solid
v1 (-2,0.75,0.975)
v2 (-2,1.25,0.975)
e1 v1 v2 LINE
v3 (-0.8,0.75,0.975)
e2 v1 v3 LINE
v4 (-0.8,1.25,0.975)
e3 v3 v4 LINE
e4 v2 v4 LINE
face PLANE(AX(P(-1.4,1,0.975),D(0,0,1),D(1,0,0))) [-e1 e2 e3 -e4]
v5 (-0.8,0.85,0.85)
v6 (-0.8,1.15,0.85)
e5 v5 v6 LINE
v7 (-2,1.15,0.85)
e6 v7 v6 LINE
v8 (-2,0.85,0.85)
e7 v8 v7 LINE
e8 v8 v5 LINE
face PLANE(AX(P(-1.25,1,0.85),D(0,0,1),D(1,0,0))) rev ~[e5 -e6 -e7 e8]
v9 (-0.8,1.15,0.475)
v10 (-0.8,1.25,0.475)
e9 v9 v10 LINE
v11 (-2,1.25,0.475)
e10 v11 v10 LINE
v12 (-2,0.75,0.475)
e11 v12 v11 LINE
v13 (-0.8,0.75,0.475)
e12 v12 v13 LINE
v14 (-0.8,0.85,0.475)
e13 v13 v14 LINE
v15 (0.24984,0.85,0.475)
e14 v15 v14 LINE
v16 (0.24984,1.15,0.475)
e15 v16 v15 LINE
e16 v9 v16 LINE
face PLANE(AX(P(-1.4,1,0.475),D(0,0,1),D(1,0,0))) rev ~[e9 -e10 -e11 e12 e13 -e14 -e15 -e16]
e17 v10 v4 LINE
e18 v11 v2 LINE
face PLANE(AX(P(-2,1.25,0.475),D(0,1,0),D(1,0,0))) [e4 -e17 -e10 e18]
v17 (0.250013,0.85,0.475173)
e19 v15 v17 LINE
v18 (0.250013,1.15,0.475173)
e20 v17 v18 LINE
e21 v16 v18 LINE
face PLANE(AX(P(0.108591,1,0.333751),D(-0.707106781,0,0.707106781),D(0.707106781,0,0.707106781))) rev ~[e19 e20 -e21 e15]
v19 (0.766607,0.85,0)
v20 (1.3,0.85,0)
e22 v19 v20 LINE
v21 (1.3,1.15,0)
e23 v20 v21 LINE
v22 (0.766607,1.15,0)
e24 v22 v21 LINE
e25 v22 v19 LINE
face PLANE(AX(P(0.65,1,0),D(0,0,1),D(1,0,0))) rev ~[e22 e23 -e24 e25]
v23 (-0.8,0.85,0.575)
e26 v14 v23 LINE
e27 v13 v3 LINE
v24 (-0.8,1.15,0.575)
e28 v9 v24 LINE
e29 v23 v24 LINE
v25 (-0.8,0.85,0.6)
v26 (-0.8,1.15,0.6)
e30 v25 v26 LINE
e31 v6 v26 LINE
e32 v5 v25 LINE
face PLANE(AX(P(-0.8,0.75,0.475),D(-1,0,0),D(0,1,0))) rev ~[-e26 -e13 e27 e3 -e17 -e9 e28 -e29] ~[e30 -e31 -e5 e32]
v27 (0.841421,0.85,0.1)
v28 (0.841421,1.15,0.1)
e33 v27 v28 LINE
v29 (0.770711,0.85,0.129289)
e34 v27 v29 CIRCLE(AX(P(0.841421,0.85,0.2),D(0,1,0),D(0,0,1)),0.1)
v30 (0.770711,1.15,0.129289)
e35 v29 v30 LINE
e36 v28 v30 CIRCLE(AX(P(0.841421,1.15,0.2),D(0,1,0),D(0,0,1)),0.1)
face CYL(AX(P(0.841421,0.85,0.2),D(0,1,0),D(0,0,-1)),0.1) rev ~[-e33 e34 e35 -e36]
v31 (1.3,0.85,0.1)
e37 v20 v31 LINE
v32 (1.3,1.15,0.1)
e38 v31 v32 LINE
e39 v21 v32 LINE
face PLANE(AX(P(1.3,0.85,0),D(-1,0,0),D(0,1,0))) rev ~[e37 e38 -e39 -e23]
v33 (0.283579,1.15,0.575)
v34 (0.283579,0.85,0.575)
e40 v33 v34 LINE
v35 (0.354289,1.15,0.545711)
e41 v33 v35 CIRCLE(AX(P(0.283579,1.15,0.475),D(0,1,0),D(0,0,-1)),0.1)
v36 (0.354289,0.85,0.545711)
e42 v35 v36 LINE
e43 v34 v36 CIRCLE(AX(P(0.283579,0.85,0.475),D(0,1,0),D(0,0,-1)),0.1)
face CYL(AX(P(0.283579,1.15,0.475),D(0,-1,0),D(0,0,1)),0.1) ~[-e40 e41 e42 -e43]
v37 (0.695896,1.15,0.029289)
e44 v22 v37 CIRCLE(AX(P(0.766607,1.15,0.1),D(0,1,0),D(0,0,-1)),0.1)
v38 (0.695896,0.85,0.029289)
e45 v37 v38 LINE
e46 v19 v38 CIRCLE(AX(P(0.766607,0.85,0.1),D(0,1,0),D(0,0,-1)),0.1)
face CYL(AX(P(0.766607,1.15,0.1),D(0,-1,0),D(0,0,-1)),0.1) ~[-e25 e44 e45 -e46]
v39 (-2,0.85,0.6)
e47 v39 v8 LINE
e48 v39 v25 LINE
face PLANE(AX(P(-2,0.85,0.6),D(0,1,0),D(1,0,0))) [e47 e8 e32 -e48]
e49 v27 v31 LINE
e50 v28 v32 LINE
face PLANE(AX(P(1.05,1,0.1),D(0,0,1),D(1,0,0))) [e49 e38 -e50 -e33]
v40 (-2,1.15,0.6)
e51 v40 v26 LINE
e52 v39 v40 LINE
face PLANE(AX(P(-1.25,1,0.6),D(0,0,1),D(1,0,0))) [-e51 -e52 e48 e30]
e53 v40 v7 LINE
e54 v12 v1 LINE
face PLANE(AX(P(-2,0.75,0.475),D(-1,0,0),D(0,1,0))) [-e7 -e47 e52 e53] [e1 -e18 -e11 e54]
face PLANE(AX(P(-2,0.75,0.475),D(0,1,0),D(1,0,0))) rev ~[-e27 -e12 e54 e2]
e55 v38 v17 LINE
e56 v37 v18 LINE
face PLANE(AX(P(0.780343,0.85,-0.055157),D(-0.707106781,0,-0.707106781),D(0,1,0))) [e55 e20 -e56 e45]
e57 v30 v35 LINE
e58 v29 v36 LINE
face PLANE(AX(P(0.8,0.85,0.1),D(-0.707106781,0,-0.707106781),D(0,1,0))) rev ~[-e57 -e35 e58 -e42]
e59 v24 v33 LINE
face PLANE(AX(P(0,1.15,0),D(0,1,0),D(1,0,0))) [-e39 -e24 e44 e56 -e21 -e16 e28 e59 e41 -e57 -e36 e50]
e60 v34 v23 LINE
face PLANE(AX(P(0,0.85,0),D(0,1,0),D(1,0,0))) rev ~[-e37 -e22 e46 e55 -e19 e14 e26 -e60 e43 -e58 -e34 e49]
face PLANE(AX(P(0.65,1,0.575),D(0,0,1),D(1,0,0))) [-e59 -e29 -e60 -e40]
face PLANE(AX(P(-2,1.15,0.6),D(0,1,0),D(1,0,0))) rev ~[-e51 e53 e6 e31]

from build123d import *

# Parameters (mm, degrees)
BOX135_W     = 1.2
BOX135_H     = 0.5
BOX135_DEPTH = 0.5
BOX137_W     = 1.5
BOX137_H     = 0.3
BOX137_DEPTH = 0.1
BOX138_W     = 1.3
BOX138_H     = 0.3
BOX138_DEPTH = 0.575
BOX136_W     = 0.25
BOX136_H     = 0.3
BOX136_DEPTH = 0.475
BOX139_W     = 0.5
BOX139_H     = 0.3
BOX139_DEPTH = 0.5
BOX140_W     = 0.5
BOX140_H     = 0.3
BOX140_DEPTH = 0.75
BOX141_W     = 0.4
BOX141_H     = 0.3
BOX141_DEPTH = 0.75
FILLET020_R  = 0.1
FILLET021_R  = 0.1
BOX142_W     = 1.5
BOX142_H     = 0.3
BOX142_DEPTH = 0.25
FILLET029_R  = 0.1


with BuildPart() as part:
    # Box135 → Box135 (join)
    with BuildSketch(Plane(origin=(-2, 4.25, 0.475), x_dir=(1, 0, 0), z_dir=(0, 0, 1))):
        with Locations((0.6, 0.25)):
            Rectangle(BOX135_W, BOX135_H)
    extrude(amount=BOX135_DEPTH)

    # Box137 → Box137 (join)
    with BuildSketch(Plane(origin=(-0.8, 4.35, 0.475), x_dir=(1, 0, 0), z_dir=(0, 0, 1))):
        with Locations((0.75, 0.15)):
            Rectangle(BOX137_W, BOX137_H)
    extrude(amount=BOX137_DEPTH)

    # Box138 → Box138 (join)
    with BuildSketch(Plane(origin=(0, 4.35, 0), x_dir=(1, 0, 0), z_dir=(0, 0, 1))):
        with Locations((0.65, 0.15)):
            Rectangle(BOX138_W, BOX138_H)
    extrude(amount=BOX138_DEPTH)

    # Box136 → Box136 (cut)
    with BuildSketch(Plane(origin=(0, 4.35, 0), x_dir=(1, 0, 0), z_dir=(0, 0, 1))):
        with Locations((0.125, 0.15)):
            Rectangle(BOX136_W, BOX136_H)
    extrude(amount=BOX136_DEPTH, mode=Mode.SUBTRACT)

    # Box139 → Box139 (cut)
    with BuildSketch(Plane(origin=(0.8, 4.35, 0.1), x_dir=(1, 0, 0), z_dir=(0, 0, 1))):
        with Locations((0.25, 0.15)):
            Rectangle(BOX139_W, BOX139_H)
    extrude(amount=BOX139_DEPTH, mode=Mode.SUBTRACT)

    # Box140 → Box140 (cut)
    with BuildSketch(Plane(origin=(0.8, 4.35, 0.1), x_dir=(0.707107, 0, 0.707107), z_dir=(-0.707107, 0, 0.707107))):
        with Locations((0.25, 0.15)):
            Rectangle(BOX140_W, BOX140_H)
    extrude(amount=BOX140_DEPTH, mode=Mode.SUBTRACT)

    # Box141 → Box141 (cut)
    with BuildSketch(Plane(origin=(0.4975, 4.35, -0.338), x_dir=(0.707107, 0, 0.707107), z_dir=(-0.707107, 0, 0.707107))):
        with Locations((0.2, 0.15)):
            Rectangle(BOX141_W, BOX141_H)
    extrude(amount=BOX141_DEPTH, mode=Mode.SUBTRACT)

    # Fillet020
    fillet020_edges = [part.edges().sort_by_distance(p)[0] for p in [
        (0.325, 4.5, 0.575),
    ]]
    fillet(fillet020_edges, radius=FILLET020_R)

    # Fillet021
    fillet021_edges = [part.edges().sort_by_distance(p)[0] for p in [
        (0.725185, 4.5, 0),
    ]]
    fillet(fillet021_edges, radius=FILLET021_R)

    # Box142 → Box142 (cut)
    with BuildSketch(Plane(origin=(-2, 4.35, 0.6), x_dir=(1, 0, 0), z_dir=(0, 0, 1))):
        with Locations((0.75, 0.15)):
            Rectangle(BOX142_W, BOX142_H)
    extrude(amount=BOX142_DEPTH, mode=Mode.SUBTRACT)

    # Fillet029
    fillet029_edges = [part.edges().sort_by_distance(p)[0] for p in [
        (0.8, 4.5, 0.1),
    ]]
    fillet(fillet029_edges, radius=FILLET029_R)


with BuildPart() as part_1:
    # Body044 placement: moved
    add(part.part.moved(Location((0, -3.5, 0))))


solid = part_1.part
